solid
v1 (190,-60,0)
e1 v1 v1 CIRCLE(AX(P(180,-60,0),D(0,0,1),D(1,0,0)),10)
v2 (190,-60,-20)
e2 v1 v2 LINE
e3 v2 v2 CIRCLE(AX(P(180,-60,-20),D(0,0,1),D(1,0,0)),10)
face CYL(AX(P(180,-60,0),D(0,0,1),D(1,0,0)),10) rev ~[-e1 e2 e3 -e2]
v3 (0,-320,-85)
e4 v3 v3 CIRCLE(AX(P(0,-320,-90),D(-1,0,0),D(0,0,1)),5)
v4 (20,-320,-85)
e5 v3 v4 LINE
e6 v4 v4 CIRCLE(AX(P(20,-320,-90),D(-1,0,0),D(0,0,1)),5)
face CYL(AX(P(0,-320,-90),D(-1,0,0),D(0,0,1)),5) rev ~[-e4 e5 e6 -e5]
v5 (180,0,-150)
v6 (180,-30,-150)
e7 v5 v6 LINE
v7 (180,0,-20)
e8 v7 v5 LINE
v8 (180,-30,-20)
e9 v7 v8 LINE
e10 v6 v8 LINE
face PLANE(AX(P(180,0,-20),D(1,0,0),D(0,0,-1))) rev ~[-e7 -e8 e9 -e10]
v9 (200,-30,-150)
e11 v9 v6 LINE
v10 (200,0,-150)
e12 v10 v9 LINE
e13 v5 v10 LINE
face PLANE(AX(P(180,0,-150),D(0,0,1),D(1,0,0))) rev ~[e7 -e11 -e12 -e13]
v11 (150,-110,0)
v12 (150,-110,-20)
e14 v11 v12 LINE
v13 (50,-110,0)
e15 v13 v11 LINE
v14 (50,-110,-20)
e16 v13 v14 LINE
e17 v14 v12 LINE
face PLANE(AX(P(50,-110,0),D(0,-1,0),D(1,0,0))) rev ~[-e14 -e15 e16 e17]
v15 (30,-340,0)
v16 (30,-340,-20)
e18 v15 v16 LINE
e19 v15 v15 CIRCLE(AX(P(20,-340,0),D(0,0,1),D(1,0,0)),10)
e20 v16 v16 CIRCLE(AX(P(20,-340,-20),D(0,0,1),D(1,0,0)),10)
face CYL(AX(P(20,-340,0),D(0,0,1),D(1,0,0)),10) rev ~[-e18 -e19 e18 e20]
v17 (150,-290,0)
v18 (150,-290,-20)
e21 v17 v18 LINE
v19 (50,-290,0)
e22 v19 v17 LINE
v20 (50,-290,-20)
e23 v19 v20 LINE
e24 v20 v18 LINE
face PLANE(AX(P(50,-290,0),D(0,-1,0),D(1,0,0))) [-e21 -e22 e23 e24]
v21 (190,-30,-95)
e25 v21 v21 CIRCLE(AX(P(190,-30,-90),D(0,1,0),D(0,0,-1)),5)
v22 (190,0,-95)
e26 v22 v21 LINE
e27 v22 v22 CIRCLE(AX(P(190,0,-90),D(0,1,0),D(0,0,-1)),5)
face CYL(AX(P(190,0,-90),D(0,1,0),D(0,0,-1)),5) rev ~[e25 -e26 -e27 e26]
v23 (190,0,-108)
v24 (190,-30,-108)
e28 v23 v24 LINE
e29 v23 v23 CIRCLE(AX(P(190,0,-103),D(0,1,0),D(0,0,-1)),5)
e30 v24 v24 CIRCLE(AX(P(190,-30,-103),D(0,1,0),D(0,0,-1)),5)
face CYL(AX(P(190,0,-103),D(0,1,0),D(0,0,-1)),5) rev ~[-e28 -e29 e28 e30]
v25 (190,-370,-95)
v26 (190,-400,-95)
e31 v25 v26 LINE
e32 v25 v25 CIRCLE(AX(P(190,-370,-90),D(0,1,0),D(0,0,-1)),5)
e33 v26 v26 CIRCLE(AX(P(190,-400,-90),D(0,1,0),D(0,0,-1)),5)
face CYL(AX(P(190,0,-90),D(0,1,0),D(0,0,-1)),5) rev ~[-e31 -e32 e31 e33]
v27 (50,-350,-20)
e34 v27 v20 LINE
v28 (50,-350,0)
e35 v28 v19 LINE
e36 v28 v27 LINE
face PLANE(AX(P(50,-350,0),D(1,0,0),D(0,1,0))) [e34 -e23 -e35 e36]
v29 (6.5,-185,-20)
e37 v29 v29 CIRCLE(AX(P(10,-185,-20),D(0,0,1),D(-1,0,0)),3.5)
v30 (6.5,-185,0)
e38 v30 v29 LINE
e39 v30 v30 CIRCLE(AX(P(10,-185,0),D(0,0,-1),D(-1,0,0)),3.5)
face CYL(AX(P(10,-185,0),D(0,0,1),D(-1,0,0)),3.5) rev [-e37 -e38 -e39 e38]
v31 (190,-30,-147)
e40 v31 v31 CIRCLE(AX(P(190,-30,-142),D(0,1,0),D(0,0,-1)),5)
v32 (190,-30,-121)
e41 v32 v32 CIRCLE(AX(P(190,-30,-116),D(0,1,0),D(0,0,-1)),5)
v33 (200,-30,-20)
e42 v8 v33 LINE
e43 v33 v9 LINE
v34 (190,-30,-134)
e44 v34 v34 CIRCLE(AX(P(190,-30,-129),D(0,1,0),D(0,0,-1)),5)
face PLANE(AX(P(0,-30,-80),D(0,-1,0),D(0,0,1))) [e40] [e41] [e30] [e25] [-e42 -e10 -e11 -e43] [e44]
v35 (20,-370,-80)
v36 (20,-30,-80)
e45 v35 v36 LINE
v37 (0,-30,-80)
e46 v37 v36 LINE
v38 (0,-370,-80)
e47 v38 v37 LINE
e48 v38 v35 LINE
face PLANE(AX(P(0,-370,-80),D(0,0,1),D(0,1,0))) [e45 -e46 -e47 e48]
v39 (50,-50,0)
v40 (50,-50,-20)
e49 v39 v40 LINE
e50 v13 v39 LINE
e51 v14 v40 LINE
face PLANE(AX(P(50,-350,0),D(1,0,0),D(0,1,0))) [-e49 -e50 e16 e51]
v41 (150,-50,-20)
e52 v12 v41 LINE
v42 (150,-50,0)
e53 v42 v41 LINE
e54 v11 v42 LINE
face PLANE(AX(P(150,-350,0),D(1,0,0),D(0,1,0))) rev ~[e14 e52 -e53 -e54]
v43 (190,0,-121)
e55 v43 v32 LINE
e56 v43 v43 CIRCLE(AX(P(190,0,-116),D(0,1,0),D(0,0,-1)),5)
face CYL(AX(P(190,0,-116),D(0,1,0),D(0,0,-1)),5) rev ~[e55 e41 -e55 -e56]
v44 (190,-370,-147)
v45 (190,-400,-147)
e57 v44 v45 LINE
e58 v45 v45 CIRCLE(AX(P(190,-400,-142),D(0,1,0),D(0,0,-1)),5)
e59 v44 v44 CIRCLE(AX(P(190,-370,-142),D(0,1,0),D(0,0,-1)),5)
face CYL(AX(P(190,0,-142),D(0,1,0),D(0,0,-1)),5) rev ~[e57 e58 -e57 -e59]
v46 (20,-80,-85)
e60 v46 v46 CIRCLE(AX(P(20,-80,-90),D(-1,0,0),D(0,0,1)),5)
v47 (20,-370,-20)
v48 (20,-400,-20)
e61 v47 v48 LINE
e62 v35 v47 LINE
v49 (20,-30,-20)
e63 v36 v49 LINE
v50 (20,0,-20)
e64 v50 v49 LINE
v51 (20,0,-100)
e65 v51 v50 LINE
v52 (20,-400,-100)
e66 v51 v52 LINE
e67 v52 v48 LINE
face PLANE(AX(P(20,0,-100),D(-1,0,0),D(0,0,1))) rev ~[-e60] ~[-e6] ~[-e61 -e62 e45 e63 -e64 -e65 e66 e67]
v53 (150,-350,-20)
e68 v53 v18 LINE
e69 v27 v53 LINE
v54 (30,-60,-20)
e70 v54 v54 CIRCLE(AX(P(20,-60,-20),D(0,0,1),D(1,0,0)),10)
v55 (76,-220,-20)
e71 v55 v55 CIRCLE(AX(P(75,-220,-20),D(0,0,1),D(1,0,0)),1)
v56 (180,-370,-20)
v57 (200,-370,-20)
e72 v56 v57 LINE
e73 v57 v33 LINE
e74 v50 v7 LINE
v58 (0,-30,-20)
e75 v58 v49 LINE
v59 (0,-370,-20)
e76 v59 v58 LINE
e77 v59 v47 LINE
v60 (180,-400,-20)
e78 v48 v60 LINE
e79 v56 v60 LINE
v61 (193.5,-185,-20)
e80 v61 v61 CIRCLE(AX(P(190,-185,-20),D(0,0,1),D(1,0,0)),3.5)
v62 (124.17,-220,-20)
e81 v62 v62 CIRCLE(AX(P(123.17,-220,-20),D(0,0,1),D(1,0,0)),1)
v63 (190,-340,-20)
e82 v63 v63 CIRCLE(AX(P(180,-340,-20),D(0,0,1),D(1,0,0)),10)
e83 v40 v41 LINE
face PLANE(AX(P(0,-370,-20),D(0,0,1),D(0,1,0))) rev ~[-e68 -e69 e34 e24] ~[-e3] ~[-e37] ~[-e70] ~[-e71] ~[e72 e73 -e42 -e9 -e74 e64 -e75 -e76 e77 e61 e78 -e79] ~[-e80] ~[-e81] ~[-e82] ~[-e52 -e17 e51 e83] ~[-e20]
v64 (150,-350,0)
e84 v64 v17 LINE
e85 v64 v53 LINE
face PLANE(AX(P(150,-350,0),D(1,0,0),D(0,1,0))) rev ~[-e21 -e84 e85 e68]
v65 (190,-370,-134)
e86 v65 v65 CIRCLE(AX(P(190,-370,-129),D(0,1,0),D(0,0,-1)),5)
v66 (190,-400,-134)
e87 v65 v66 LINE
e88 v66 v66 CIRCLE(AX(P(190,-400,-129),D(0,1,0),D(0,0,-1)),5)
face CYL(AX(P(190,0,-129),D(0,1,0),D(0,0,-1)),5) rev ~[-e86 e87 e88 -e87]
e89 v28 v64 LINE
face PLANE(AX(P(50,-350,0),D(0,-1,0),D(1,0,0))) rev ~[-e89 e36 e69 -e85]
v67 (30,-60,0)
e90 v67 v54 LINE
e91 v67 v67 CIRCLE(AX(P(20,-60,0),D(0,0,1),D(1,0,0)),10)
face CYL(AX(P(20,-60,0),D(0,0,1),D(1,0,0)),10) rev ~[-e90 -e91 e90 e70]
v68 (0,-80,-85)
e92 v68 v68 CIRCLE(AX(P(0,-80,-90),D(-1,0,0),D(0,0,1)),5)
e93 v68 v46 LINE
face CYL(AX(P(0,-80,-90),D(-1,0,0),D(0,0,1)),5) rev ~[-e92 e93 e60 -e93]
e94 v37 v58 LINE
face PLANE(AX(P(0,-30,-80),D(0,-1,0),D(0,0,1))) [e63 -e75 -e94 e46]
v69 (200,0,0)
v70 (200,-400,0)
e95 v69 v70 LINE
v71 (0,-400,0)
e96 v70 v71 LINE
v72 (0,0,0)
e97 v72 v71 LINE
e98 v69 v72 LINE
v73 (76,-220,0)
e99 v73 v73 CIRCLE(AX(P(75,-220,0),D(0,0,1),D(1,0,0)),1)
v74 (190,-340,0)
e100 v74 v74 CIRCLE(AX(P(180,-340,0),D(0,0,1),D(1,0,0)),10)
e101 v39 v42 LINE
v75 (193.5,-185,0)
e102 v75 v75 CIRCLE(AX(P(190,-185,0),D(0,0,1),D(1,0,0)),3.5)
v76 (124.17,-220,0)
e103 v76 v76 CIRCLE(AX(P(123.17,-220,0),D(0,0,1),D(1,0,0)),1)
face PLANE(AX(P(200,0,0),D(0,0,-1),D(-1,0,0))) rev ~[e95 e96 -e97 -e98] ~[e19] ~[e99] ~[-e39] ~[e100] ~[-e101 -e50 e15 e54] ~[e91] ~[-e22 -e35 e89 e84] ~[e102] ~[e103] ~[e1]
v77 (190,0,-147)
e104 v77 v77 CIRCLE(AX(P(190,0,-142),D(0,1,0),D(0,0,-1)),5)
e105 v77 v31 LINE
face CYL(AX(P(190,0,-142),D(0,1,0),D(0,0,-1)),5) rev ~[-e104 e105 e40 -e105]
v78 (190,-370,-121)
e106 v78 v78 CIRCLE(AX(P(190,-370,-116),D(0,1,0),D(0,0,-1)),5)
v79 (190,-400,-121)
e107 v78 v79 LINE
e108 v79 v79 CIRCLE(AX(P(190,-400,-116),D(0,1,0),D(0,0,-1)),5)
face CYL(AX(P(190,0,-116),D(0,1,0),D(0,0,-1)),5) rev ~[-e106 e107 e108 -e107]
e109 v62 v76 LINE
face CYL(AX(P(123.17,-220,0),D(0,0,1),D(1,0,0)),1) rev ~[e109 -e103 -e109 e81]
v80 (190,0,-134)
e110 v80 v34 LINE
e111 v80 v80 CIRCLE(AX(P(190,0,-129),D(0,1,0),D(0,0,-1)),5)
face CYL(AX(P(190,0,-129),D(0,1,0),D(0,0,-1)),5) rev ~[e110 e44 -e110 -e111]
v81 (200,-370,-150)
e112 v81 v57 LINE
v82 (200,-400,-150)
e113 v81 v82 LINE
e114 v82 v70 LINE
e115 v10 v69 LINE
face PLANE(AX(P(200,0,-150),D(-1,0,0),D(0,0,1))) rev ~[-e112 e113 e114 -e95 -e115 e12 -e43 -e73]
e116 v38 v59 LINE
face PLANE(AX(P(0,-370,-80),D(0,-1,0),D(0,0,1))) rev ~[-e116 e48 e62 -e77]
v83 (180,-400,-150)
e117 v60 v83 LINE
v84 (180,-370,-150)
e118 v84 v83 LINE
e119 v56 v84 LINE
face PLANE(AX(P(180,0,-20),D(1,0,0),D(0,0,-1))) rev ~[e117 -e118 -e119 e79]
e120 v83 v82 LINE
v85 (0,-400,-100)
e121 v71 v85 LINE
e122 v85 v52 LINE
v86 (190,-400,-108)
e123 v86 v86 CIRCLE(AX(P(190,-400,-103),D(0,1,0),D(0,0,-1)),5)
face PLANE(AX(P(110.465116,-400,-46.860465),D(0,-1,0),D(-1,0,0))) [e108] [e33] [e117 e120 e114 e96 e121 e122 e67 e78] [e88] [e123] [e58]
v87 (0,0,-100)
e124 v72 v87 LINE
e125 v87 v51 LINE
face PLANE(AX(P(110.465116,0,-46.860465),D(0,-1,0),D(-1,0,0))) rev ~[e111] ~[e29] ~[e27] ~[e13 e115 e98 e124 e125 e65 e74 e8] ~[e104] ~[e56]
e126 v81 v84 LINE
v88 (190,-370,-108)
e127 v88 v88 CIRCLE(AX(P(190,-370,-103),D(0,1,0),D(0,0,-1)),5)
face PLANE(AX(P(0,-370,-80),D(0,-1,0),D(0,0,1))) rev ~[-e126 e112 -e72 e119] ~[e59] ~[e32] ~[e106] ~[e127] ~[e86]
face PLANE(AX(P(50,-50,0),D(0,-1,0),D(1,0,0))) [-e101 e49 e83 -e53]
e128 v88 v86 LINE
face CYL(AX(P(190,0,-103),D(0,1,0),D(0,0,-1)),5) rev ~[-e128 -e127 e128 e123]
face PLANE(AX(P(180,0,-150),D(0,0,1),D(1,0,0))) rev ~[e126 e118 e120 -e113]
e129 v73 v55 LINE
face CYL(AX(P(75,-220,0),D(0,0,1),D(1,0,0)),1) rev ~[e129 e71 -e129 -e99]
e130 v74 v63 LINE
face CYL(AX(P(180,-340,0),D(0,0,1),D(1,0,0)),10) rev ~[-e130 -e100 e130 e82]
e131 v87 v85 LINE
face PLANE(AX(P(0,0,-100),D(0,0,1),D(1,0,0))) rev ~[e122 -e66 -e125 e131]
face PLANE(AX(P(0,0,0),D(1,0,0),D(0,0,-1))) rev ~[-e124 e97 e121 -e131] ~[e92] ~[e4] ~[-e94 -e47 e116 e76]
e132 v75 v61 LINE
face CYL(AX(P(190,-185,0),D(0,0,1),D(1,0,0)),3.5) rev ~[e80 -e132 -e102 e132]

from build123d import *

# Parameters (mm, degrees)
BOSS_EXTRUDE1_DEPTH = 400
SKETCH3_W           = 100
SKETCH3_H           = 300
CUT_EXTRUDE1_DEPTH  = 400
SKETCH4_W           = 60
SKETCH4_H           = 340
CUT_EXTRUDE2_DEPTH  = 400
SKETCH5_W           = 70
SKETCH5_H           = 340
CUT_EXTRUDE4_DEPTH  = 118
SKETCH6_R           = 5
CUT_EXTRUDE5_DEPTH  = 543
SKETCH7_R           = 5
CUT_EXTRUDE6_DEPTH  = 193
SKETCH8_R           = 10
CUT_EXTRUDE7_DEPTH  = 20
SKETCH9_W           = 100
SKETCH9_H           = 180
BOSS_EXTRUDE2_DEPTH = 20
SKETCH11_R          = 1
CUT_EXTRUDE8_DEPTH  = 26.5
SKETCH12_R          = 3.5
CUT_EXTRUDE9_DEPTH  = 35


with BuildPart() as part:
    # Sketch2 → Boss-Extrude1 (new body)
    with BuildSketch(Plane(origin=(0, 0, 0), x_dir=(1, 0, 0), z_dir=(0, 1, 0))):
        Polygon((0, 0), (0, 100), (20, 100), (20, 20), (180, 20), (180, 150), (200, 150), (200, 0), align=None)
    extrude(amount=-BOSS_EXTRUDE1_DEPTH)

    # Sketch3 → Cut-Extrude1 (cut)
    with BuildSketch(Plane.XY):
        with Locations((100, -200)):
            Rectangle(SKETCH3_W, SKETCH3_H)
    extrude(amount=-CUT_EXTRUDE1_DEPTH, mode=Mode.SUBTRACT)

    # Sketch4 → Cut-Extrude2 (cut)
    with BuildSketch(Plane.ZY):
        with Locations((-50, -200)):
            Rectangle(SKETCH4_W, SKETCH4_H)
    extrude(amount=-CUT_EXTRUDE2_DEPTH, mode=Mode.SUBTRACT)

    # Sketch5 → Cut-Extrude4 (cut)
    with BuildSketch(Plane(origin=(200, 0, 0), x_dir=(0, 0, -1), z_dir=(1, 0, 0))):
        with Locations((115, -200)):
            Rectangle(SKETCH5_W, SKETCH5_H)
    extrude(amount=-CUT_EXTRUDE4_DEPTH, mode=Mode.SUBTRACT)

    # Sketch6 → Cut-Extrude5 (cut)
    with BuildSketch(Plane(origin=(0, 0, 0), x_dir=(1, 0, 0), z_dir=(0, 1, 0))):
        with Locations(Location((190, 142, 0), (0, 0, 90))):
            Circle(SKETCH6_R)
        with Locations(Location((190, 129, 0), (0, 0, 90))):
            Circle(SKETCH6_R)
        with Locations(Location((190, 116, 0), (0, 0, 90))):
            Circle(SKETCH6_R)
        with Locations(Location((190, 103, 0), (0, 0, 90))):
            Circle(SKETCH6_R)
        with Locations(Location((190, 90, 0), (0, 0, 90))):
            Circle(SKETCH6_R)
    extrude(amount=-CUT_EXTRUDE5_DEPTH, mode=Mode.SUBTRACT)

    # Sketch7 → Cut-Extrude6 (cut)
    with BuildSketch(Plane.ZY):
        with Locations((-90, -80)):
            Circle(SKETCH7_R)
        with Locations((-90, -320)):
            Circle(SKETCH7_R)
    extrude(amount=-CUT_EXTRUDE6_DEPTH, mode=Mode.SUBTRACT)

    # Sketch8 → Cut-Extrude7 (cut)
    with BuildSketch(Plane.XY):
        with Locations((180, -60)):
            Circle(SKETCH8_R)
        with Locations((20, -60)):
            Circle(SKETCH8_R)
        with Locations((180, -340)):
            Circle(SKETCH8_R)
        with Locations((20, -340)):
            Circle(SKETCH8_R)
    extrude(amount=-CUT_EXTRUDE7_DEPTH, mode=Mode.SUBTRACT)

    # Sketch9 → Boss-Extrude2 (add)
    with BuildSketch(Plane.XY):
        with Locations((100, -200)):
            Rectangle(SKETCH9_W, SKETCH9_H)
    extrude(amount=-BOSS_EXTRUDE2_DEPTH)

    # Sketch11 → Cut-Extrude8 (cut, symmetric)
    with BuildSketch(Plane.XY):
        with Locations((75, -220)):
            Circle(SKETCH11_R)
        with Locations((123.17, -220)):
            Circle(SKETCH11_R)
    extrude(amount=CUT_EXTRUDE8_DEPTH, both=True, mode=Mode.SUBTRACT)

    # Sketch12 → Cut-Extrude9 (cut)
    with BuildSketch(Plane.XY):
        with Locations((190, -185)):
            Circle(SKETCH12_R)
    cut_extrude9 = extrude(amount=-CUT_EXTRUDE9_DEPTH, mode=Mode.SUBTRACT)

    # Mirror1: Cut-Extrude9 across plane
    add(cut_extrude9.mirror(Plane(origin=(100, 0, 0), x_dir=(0, 0, 1), z_dir=(1, 0, 0))), mode=Mode.SUBTRACT)


solid = part.part
